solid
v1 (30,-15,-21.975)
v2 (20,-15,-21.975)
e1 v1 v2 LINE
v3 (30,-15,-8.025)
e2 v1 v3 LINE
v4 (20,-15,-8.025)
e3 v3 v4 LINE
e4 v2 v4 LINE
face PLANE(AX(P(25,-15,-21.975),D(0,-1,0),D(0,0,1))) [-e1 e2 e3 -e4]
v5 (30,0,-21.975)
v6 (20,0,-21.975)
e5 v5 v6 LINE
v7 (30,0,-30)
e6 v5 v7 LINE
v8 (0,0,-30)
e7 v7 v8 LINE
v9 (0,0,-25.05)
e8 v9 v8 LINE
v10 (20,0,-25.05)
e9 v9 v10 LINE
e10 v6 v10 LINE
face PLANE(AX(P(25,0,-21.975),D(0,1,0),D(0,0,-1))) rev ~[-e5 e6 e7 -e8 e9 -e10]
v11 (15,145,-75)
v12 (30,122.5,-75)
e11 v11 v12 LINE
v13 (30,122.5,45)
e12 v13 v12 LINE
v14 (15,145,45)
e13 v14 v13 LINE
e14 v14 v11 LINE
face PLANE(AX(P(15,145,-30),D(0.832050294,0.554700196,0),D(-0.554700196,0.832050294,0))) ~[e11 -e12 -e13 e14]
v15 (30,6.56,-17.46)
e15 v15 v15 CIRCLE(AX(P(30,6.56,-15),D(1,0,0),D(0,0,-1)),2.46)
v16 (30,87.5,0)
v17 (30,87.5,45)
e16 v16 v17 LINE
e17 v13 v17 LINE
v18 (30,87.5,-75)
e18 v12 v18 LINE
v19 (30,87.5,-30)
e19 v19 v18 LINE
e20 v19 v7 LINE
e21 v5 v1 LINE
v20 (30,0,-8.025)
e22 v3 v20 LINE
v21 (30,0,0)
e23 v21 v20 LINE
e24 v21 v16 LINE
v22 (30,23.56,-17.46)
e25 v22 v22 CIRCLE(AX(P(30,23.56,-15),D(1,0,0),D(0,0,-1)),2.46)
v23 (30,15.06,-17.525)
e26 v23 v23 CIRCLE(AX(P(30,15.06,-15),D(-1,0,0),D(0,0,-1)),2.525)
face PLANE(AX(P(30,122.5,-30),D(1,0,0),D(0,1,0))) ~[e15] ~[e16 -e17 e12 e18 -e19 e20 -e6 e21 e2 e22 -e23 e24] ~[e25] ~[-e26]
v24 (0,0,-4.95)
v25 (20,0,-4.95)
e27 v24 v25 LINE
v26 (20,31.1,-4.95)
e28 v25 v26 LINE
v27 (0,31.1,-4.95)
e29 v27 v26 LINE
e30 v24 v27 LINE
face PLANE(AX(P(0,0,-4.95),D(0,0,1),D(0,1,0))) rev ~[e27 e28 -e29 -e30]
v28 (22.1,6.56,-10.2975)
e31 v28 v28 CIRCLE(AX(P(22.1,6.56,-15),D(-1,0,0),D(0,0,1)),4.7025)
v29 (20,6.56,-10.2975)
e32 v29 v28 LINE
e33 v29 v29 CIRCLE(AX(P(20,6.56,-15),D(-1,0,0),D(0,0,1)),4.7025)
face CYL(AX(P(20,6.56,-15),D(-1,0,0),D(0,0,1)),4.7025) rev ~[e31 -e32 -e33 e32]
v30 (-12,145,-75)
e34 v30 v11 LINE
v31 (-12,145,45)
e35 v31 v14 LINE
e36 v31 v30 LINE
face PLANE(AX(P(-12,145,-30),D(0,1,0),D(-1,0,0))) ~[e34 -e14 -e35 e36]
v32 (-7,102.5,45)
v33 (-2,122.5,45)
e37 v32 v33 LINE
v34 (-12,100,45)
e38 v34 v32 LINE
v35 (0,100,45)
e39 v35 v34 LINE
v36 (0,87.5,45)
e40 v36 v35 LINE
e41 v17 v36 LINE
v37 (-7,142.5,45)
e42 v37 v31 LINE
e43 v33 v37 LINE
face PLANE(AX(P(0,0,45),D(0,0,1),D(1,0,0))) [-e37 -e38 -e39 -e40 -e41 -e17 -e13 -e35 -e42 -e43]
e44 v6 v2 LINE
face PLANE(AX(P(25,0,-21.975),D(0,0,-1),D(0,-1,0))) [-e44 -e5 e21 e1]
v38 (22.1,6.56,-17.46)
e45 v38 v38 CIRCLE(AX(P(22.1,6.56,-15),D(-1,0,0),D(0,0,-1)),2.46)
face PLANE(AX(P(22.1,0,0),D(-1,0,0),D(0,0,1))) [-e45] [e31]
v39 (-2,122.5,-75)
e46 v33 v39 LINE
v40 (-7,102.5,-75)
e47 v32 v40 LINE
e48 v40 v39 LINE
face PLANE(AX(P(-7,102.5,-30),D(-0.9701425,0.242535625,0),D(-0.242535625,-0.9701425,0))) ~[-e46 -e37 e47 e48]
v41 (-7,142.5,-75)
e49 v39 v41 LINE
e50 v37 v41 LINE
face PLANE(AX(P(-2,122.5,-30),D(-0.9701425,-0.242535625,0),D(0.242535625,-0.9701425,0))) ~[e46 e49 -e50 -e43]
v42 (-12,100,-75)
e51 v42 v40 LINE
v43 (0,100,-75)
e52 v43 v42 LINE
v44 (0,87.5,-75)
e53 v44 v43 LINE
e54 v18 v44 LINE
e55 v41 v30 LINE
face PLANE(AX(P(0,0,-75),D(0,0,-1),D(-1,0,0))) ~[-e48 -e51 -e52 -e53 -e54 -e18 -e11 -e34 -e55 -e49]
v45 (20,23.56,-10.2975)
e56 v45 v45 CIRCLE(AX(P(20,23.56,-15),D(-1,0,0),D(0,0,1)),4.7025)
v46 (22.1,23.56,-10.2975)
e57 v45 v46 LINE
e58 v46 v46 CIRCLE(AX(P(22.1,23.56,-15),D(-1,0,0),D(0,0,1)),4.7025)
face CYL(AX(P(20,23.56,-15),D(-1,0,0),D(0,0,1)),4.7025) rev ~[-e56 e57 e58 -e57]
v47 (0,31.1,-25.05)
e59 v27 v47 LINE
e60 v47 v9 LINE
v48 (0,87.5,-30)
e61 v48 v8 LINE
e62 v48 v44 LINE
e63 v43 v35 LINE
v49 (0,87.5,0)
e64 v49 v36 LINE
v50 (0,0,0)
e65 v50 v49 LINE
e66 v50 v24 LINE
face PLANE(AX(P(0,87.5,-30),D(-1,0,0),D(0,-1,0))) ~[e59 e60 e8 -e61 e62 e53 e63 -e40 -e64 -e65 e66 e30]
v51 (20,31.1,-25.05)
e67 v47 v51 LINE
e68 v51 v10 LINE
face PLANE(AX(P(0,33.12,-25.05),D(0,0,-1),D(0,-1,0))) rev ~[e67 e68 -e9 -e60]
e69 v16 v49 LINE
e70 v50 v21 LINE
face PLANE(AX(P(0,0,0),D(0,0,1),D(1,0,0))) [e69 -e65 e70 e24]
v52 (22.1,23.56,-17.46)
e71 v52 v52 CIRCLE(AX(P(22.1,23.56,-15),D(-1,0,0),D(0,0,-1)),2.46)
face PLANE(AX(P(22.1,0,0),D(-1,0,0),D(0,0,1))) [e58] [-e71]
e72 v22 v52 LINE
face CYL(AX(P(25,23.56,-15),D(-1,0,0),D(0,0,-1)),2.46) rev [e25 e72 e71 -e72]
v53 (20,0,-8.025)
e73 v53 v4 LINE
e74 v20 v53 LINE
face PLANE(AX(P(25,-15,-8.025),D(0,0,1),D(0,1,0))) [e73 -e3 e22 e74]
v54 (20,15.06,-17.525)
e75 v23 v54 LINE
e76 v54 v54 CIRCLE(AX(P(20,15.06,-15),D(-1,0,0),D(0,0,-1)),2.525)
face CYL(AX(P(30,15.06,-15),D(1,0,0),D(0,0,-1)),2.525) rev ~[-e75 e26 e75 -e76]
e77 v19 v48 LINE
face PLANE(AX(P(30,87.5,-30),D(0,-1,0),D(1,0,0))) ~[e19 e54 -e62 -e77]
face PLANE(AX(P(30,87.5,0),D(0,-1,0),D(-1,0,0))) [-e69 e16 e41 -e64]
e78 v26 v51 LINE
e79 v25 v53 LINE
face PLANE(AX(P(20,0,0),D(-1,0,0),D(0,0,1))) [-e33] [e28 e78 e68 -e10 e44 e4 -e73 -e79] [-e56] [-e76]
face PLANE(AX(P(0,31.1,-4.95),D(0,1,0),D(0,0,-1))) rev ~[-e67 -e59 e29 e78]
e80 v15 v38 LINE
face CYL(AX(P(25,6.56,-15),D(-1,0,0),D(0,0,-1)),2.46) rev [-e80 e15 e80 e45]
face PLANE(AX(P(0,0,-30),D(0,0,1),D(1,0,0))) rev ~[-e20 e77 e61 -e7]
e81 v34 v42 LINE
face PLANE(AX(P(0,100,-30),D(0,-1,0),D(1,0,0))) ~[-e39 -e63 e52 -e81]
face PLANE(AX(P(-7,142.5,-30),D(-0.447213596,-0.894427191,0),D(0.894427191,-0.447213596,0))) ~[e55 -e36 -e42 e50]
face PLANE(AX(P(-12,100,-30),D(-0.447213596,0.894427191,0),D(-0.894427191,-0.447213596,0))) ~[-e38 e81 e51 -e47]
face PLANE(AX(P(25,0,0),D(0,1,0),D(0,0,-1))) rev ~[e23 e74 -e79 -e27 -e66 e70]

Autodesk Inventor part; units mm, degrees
ref_plane "YZ Plane" through (0, 0, 0) normal (1, 0, 0) x (0, 1, 0)
ref_plane "XZ Plane" through (0, 0, 0) normal (0, 1, 0) x (-1, 0, 0)
sketch "Sketch1" plane through (0, 0, 0) normal (0, 0, 1) x (1, 0, 0)
  line L0 (0, 0) -> (25, 0)
  line L1 (25, 0) -> (25, 40)
  line L2 (25, 40) -> (0, 40)
  line L3 (0, 40) -> (0, 0)
  dimension "d1" = 25
  dimension "d2" = 40
  dimension "d3" = 25
extrude "Extrusion1" add sketch "Sketch1" against normal blind 30
sketch "Sketch2" plane through (25, 0, 0) normal (1, 0, 0) x (0, 0, -1)
  line L0 (0, 0) -> (30, 0) projected
  circle A0 centre (15, 6.56) radius 2.46
extrude "Extrusion2" cut sketch "Sketch2" against normal blind 30
sketch "Sketch3" plane through (0, 0, 0) normal (-1, 0, 0) x (0, 0, 1)
  line L0 (0, 0) -> (-30, 0) projected
  line L1 (-25.05, 0) -> (-4.95, 0)
  line L2 (-4.95, 0) -> (-4.95, 33.12)
  line L3 (-4.95, 33.12) -> (-25.05, 33.12)
  line L4 (-25.05, 33.12) -> (-25.05, 0)
  dimension "d11" = 20.1
extrude "Extrusion3" cut sketch "Sketch3" against normal blind 20
sketch "Sketch4" plane through (0, 0, 0) normal (0, -1, 0) x (1, 0, 0)
  line L0 (20, -4.95) -> (20, -25.05) projected
  line L1 (20, -15) -> (25, -15)
  line L2 (25, 0) -> (25, -30) projected
  line L3 (20, -8.025) -> (25, -8.025)
  line L4 (25, -8.025) -> (25, -21.975)
  line L5 (25, -21.975) -> (20, -21.975)
  line L6 (20, -21.975) -> (20, -8.025)
  line L7 (20, -8.025) -> (25, -21.975) construction
  line L8 (25, -8.025) -> (20, -21.975) construction
  line L9 (25, -12.54) -> (25, -17.46) projected
  point P0 (0, 0)
  point P1 (22.5, -15)
  dimension "d14" = 13.95
extrude "Extrusion4" add sketch "Sketch4" along normal blind 15
sketch "Sketch5" plane through (20, 0, 0) normal (-1, 0, 0) x (0, 0, 1)
  circle A0 centre (-15, 6.56) radius 2.46 projected
  circle A1 centre (-15, 6.56) radius 4.7025
  circle A2 centre (-15, 6.56) radius 2.46 projected
  circle A3 centre (-15, 6.56) radius 2.46
  point P0 (0, 0)
  dimension "d17" = 9.405
extrude "Extrusion5" cut sketch "Sketch5" against normal blind 2.1
sketch "Sketch6" plane through (25, 0, 0) normal (1, 0, 0) x (0, 0, -1)
  circle A0 centre (15, 6.56) radius 4.7025 projected
  line L0 (15, 6.56) -> (15, 23.56)
  circle A1 centre (15, 23.56) radius 2.46
  point P0 (0, 0)
  dimension "d20" = 17
  dimension "d21" = 4.92
extrude "Extrusion6" cut sketch "Sketch6" against normal blind 10 contours A1
sketch "Sketch7" plane through (20, 0, 0) normal (-1, 0, 0) x (0, 0, 1)
  circle A0 centre (-15, 23.56) radius 2.46 projected
  circle A1 centre (-15, 23.56) radius 4.7025
  point P0 (0, 0)
  dimension "d24" = 9.405
extrude "Extrusion7" cut sketch "Sketch7" against normal blind 2.1
sketch "Sketch9" plane through (25, 0, 0) normal (1, 0, 0) x (0, 0, -1)
  circle A0 centre (15, 6.56) radius 2.46 projected
  circle A1 centre (15, 6.56) radius 2.46
  circle A2 centre (15, 23.56) radius 2.46 projected
  circle A3 centre (15, 23.56) radius 2.46
  line L0 (30, 40) -> (30, 0) projected
  line L1 (30, 0) -> (30, 40)
  line L2 (30, 40) -> (0, 40)
  line L3 (0, 40) -> (0, 0)
  line L4 (0, 0) -> (8.025, 0) projected
  line L5 (21.975, 0) -> (21.975, -15)
  line L6 (21.975, -15) -> (8.025, -15)
  line L7 (8.025, -15) -> (8.025, 0)
  line L8 (0, 0) -> (8.025, 0)
  line L9 (21.975, 0) -> (30, 0)
extrude "Extrusion8" add sketch "Sketch9" along normal blind 5
sketch "Sketch10" plane through (0, 40, 0) normal (0, 1, 0) x (1, 0, 0)
  line L0 (0, 30) -> (30, 30) projected
  line L1 (30, 0) -> (0, 0) projected
  line L2 (0, 30) -> (30, 30)
  line L3 (30, 30) -> (30, 0)
  line L4 (30, 0) -> (0, 0)
  line L5 (0, 0) -> (0, 30)
extrude "Extrusion9" add sketch "Sketch10" along normal blind 30
sketch "Sketch12" plane through (30, 0, 0) normal (1, 0, 0) x (0, 0, -1)
  circle A0 centre (15, 6.56) radius 2.46 projected
  line L0 (15, 6.56) -> (15, 15.06)
  circle A1 centre (15, 15.06) radius 2.525
  point P0 (0, 0)
  dimension "d31" = 8.5
  dimension "d33" = 5.05
extrude "Extrusion10" cut sketch "Sketch12" against normal blind 30 contours A1
sketch "Sketch14" plane through (0, 0, 0) normal (0, 0, 1) x (1, 0, 0)
  line L0 (30, 70) -> (0, 70) projected
  line L1 (0, 70) -> (0, 100)
  line L2 (30, 0) -> (30, 70) projected
  line L3 (30, 122.5) -> (30, 70)
  line L4 (30, 105) -> (30, 100)
  line L5 (-12, 145) -> (15, 145)
  line L6 (-7, 142.5) -> (-12, 145)
  line L7 (-7, 102.5) -> (-12, 100)
  line L8 (-7, 102.5) -> (-2, 122.5)
  line L9 (-2, 122.5) -> (-7, 142.5)
  line L10 (30, 122.5) -> (15, 145)
  line L11 (0, 100) -> (-12, 100)
  point P0 (0, 0)
  dimension "d86" = 12
extrude "Extrusion12" add sketch "Sketch14" against normal blind 30
sketch "Sketch15" plane through (0, 0, -25.05) normal (-1, 0, 0) x (0, 0, 1)
  line L0 (0, 33.12) -> (20.1, 33.12) projected
  line L1 (20.1, 33.12) -> (20.1, 0) projected
  line L2 (0, 33.12) -> (20.1, 33.12)
  line L3 (20.1, 33.12) -> (20.1, 31.1)
  line L4 (20.1, 31.1) -> (0, 31.1)
  line L5 (0, 31.1) -> (0, 33.12)
  point P0 (25.05, 0)
  dimension "d57" = 2.02
extrude "Extrusion13" add sketch "Sketch15" against normal blind 20
sketch "Sketch24" plane through (0, 0, 0) normal (0, 0, 1) x (1, 0, 0)
  line L0 (0, 100) -> (-12, 100) projected
  line L1 (-12, 100) -> (-7, 102.5) projected
  line L2 (0, 100) -> (-12, 100)
  line L3 (-12, 100) -> (-7, 102.5)
  line L4 (-7, 102.5) -> (-2, 122.5) projected
  line L5 (-7, 102.5) -> (-2, 122.5)
  line L6 (-2, 122.5) -> (-7, 142.5) projected
  line L7 (-2, 122.5) -> (-7, 142.5)
  line L8 (-7, 142.5) -> (-12, 145) projected
  line L9 (-7, 142.5) -> (-12, 145)
  line L10 (-12, 145) -> (15, 145) projected
  line L11 (-12, 145) -> (15, 145)
  line L12 (15, 145) -> (30, 122.5) projected
  line L13 (15, 145) -> (30, 122.5)
  line L14 (30, 122.5) -> (30, 87.5)
  line L15 (30, 87.5) -> (0, 87.5)
  line L16 (0, 87.5) -> (0, 100)
  point P0 (0, 0)
  dimension "d87" = 35
  dimension "d88" = 30
extrude "Extrusion14" add sketch "Sketch24" along normal blind 45
ref_plane "Work Plane1" through (0, 0, -15) normal (0, 0, 1) x (1, 0, 0)
mirror "Mirror1" about plane through (0, 0, -15) normal (0, 0, 1) of "Extrusion14"
properties part number "rec_b_40mm_x_120mm"
